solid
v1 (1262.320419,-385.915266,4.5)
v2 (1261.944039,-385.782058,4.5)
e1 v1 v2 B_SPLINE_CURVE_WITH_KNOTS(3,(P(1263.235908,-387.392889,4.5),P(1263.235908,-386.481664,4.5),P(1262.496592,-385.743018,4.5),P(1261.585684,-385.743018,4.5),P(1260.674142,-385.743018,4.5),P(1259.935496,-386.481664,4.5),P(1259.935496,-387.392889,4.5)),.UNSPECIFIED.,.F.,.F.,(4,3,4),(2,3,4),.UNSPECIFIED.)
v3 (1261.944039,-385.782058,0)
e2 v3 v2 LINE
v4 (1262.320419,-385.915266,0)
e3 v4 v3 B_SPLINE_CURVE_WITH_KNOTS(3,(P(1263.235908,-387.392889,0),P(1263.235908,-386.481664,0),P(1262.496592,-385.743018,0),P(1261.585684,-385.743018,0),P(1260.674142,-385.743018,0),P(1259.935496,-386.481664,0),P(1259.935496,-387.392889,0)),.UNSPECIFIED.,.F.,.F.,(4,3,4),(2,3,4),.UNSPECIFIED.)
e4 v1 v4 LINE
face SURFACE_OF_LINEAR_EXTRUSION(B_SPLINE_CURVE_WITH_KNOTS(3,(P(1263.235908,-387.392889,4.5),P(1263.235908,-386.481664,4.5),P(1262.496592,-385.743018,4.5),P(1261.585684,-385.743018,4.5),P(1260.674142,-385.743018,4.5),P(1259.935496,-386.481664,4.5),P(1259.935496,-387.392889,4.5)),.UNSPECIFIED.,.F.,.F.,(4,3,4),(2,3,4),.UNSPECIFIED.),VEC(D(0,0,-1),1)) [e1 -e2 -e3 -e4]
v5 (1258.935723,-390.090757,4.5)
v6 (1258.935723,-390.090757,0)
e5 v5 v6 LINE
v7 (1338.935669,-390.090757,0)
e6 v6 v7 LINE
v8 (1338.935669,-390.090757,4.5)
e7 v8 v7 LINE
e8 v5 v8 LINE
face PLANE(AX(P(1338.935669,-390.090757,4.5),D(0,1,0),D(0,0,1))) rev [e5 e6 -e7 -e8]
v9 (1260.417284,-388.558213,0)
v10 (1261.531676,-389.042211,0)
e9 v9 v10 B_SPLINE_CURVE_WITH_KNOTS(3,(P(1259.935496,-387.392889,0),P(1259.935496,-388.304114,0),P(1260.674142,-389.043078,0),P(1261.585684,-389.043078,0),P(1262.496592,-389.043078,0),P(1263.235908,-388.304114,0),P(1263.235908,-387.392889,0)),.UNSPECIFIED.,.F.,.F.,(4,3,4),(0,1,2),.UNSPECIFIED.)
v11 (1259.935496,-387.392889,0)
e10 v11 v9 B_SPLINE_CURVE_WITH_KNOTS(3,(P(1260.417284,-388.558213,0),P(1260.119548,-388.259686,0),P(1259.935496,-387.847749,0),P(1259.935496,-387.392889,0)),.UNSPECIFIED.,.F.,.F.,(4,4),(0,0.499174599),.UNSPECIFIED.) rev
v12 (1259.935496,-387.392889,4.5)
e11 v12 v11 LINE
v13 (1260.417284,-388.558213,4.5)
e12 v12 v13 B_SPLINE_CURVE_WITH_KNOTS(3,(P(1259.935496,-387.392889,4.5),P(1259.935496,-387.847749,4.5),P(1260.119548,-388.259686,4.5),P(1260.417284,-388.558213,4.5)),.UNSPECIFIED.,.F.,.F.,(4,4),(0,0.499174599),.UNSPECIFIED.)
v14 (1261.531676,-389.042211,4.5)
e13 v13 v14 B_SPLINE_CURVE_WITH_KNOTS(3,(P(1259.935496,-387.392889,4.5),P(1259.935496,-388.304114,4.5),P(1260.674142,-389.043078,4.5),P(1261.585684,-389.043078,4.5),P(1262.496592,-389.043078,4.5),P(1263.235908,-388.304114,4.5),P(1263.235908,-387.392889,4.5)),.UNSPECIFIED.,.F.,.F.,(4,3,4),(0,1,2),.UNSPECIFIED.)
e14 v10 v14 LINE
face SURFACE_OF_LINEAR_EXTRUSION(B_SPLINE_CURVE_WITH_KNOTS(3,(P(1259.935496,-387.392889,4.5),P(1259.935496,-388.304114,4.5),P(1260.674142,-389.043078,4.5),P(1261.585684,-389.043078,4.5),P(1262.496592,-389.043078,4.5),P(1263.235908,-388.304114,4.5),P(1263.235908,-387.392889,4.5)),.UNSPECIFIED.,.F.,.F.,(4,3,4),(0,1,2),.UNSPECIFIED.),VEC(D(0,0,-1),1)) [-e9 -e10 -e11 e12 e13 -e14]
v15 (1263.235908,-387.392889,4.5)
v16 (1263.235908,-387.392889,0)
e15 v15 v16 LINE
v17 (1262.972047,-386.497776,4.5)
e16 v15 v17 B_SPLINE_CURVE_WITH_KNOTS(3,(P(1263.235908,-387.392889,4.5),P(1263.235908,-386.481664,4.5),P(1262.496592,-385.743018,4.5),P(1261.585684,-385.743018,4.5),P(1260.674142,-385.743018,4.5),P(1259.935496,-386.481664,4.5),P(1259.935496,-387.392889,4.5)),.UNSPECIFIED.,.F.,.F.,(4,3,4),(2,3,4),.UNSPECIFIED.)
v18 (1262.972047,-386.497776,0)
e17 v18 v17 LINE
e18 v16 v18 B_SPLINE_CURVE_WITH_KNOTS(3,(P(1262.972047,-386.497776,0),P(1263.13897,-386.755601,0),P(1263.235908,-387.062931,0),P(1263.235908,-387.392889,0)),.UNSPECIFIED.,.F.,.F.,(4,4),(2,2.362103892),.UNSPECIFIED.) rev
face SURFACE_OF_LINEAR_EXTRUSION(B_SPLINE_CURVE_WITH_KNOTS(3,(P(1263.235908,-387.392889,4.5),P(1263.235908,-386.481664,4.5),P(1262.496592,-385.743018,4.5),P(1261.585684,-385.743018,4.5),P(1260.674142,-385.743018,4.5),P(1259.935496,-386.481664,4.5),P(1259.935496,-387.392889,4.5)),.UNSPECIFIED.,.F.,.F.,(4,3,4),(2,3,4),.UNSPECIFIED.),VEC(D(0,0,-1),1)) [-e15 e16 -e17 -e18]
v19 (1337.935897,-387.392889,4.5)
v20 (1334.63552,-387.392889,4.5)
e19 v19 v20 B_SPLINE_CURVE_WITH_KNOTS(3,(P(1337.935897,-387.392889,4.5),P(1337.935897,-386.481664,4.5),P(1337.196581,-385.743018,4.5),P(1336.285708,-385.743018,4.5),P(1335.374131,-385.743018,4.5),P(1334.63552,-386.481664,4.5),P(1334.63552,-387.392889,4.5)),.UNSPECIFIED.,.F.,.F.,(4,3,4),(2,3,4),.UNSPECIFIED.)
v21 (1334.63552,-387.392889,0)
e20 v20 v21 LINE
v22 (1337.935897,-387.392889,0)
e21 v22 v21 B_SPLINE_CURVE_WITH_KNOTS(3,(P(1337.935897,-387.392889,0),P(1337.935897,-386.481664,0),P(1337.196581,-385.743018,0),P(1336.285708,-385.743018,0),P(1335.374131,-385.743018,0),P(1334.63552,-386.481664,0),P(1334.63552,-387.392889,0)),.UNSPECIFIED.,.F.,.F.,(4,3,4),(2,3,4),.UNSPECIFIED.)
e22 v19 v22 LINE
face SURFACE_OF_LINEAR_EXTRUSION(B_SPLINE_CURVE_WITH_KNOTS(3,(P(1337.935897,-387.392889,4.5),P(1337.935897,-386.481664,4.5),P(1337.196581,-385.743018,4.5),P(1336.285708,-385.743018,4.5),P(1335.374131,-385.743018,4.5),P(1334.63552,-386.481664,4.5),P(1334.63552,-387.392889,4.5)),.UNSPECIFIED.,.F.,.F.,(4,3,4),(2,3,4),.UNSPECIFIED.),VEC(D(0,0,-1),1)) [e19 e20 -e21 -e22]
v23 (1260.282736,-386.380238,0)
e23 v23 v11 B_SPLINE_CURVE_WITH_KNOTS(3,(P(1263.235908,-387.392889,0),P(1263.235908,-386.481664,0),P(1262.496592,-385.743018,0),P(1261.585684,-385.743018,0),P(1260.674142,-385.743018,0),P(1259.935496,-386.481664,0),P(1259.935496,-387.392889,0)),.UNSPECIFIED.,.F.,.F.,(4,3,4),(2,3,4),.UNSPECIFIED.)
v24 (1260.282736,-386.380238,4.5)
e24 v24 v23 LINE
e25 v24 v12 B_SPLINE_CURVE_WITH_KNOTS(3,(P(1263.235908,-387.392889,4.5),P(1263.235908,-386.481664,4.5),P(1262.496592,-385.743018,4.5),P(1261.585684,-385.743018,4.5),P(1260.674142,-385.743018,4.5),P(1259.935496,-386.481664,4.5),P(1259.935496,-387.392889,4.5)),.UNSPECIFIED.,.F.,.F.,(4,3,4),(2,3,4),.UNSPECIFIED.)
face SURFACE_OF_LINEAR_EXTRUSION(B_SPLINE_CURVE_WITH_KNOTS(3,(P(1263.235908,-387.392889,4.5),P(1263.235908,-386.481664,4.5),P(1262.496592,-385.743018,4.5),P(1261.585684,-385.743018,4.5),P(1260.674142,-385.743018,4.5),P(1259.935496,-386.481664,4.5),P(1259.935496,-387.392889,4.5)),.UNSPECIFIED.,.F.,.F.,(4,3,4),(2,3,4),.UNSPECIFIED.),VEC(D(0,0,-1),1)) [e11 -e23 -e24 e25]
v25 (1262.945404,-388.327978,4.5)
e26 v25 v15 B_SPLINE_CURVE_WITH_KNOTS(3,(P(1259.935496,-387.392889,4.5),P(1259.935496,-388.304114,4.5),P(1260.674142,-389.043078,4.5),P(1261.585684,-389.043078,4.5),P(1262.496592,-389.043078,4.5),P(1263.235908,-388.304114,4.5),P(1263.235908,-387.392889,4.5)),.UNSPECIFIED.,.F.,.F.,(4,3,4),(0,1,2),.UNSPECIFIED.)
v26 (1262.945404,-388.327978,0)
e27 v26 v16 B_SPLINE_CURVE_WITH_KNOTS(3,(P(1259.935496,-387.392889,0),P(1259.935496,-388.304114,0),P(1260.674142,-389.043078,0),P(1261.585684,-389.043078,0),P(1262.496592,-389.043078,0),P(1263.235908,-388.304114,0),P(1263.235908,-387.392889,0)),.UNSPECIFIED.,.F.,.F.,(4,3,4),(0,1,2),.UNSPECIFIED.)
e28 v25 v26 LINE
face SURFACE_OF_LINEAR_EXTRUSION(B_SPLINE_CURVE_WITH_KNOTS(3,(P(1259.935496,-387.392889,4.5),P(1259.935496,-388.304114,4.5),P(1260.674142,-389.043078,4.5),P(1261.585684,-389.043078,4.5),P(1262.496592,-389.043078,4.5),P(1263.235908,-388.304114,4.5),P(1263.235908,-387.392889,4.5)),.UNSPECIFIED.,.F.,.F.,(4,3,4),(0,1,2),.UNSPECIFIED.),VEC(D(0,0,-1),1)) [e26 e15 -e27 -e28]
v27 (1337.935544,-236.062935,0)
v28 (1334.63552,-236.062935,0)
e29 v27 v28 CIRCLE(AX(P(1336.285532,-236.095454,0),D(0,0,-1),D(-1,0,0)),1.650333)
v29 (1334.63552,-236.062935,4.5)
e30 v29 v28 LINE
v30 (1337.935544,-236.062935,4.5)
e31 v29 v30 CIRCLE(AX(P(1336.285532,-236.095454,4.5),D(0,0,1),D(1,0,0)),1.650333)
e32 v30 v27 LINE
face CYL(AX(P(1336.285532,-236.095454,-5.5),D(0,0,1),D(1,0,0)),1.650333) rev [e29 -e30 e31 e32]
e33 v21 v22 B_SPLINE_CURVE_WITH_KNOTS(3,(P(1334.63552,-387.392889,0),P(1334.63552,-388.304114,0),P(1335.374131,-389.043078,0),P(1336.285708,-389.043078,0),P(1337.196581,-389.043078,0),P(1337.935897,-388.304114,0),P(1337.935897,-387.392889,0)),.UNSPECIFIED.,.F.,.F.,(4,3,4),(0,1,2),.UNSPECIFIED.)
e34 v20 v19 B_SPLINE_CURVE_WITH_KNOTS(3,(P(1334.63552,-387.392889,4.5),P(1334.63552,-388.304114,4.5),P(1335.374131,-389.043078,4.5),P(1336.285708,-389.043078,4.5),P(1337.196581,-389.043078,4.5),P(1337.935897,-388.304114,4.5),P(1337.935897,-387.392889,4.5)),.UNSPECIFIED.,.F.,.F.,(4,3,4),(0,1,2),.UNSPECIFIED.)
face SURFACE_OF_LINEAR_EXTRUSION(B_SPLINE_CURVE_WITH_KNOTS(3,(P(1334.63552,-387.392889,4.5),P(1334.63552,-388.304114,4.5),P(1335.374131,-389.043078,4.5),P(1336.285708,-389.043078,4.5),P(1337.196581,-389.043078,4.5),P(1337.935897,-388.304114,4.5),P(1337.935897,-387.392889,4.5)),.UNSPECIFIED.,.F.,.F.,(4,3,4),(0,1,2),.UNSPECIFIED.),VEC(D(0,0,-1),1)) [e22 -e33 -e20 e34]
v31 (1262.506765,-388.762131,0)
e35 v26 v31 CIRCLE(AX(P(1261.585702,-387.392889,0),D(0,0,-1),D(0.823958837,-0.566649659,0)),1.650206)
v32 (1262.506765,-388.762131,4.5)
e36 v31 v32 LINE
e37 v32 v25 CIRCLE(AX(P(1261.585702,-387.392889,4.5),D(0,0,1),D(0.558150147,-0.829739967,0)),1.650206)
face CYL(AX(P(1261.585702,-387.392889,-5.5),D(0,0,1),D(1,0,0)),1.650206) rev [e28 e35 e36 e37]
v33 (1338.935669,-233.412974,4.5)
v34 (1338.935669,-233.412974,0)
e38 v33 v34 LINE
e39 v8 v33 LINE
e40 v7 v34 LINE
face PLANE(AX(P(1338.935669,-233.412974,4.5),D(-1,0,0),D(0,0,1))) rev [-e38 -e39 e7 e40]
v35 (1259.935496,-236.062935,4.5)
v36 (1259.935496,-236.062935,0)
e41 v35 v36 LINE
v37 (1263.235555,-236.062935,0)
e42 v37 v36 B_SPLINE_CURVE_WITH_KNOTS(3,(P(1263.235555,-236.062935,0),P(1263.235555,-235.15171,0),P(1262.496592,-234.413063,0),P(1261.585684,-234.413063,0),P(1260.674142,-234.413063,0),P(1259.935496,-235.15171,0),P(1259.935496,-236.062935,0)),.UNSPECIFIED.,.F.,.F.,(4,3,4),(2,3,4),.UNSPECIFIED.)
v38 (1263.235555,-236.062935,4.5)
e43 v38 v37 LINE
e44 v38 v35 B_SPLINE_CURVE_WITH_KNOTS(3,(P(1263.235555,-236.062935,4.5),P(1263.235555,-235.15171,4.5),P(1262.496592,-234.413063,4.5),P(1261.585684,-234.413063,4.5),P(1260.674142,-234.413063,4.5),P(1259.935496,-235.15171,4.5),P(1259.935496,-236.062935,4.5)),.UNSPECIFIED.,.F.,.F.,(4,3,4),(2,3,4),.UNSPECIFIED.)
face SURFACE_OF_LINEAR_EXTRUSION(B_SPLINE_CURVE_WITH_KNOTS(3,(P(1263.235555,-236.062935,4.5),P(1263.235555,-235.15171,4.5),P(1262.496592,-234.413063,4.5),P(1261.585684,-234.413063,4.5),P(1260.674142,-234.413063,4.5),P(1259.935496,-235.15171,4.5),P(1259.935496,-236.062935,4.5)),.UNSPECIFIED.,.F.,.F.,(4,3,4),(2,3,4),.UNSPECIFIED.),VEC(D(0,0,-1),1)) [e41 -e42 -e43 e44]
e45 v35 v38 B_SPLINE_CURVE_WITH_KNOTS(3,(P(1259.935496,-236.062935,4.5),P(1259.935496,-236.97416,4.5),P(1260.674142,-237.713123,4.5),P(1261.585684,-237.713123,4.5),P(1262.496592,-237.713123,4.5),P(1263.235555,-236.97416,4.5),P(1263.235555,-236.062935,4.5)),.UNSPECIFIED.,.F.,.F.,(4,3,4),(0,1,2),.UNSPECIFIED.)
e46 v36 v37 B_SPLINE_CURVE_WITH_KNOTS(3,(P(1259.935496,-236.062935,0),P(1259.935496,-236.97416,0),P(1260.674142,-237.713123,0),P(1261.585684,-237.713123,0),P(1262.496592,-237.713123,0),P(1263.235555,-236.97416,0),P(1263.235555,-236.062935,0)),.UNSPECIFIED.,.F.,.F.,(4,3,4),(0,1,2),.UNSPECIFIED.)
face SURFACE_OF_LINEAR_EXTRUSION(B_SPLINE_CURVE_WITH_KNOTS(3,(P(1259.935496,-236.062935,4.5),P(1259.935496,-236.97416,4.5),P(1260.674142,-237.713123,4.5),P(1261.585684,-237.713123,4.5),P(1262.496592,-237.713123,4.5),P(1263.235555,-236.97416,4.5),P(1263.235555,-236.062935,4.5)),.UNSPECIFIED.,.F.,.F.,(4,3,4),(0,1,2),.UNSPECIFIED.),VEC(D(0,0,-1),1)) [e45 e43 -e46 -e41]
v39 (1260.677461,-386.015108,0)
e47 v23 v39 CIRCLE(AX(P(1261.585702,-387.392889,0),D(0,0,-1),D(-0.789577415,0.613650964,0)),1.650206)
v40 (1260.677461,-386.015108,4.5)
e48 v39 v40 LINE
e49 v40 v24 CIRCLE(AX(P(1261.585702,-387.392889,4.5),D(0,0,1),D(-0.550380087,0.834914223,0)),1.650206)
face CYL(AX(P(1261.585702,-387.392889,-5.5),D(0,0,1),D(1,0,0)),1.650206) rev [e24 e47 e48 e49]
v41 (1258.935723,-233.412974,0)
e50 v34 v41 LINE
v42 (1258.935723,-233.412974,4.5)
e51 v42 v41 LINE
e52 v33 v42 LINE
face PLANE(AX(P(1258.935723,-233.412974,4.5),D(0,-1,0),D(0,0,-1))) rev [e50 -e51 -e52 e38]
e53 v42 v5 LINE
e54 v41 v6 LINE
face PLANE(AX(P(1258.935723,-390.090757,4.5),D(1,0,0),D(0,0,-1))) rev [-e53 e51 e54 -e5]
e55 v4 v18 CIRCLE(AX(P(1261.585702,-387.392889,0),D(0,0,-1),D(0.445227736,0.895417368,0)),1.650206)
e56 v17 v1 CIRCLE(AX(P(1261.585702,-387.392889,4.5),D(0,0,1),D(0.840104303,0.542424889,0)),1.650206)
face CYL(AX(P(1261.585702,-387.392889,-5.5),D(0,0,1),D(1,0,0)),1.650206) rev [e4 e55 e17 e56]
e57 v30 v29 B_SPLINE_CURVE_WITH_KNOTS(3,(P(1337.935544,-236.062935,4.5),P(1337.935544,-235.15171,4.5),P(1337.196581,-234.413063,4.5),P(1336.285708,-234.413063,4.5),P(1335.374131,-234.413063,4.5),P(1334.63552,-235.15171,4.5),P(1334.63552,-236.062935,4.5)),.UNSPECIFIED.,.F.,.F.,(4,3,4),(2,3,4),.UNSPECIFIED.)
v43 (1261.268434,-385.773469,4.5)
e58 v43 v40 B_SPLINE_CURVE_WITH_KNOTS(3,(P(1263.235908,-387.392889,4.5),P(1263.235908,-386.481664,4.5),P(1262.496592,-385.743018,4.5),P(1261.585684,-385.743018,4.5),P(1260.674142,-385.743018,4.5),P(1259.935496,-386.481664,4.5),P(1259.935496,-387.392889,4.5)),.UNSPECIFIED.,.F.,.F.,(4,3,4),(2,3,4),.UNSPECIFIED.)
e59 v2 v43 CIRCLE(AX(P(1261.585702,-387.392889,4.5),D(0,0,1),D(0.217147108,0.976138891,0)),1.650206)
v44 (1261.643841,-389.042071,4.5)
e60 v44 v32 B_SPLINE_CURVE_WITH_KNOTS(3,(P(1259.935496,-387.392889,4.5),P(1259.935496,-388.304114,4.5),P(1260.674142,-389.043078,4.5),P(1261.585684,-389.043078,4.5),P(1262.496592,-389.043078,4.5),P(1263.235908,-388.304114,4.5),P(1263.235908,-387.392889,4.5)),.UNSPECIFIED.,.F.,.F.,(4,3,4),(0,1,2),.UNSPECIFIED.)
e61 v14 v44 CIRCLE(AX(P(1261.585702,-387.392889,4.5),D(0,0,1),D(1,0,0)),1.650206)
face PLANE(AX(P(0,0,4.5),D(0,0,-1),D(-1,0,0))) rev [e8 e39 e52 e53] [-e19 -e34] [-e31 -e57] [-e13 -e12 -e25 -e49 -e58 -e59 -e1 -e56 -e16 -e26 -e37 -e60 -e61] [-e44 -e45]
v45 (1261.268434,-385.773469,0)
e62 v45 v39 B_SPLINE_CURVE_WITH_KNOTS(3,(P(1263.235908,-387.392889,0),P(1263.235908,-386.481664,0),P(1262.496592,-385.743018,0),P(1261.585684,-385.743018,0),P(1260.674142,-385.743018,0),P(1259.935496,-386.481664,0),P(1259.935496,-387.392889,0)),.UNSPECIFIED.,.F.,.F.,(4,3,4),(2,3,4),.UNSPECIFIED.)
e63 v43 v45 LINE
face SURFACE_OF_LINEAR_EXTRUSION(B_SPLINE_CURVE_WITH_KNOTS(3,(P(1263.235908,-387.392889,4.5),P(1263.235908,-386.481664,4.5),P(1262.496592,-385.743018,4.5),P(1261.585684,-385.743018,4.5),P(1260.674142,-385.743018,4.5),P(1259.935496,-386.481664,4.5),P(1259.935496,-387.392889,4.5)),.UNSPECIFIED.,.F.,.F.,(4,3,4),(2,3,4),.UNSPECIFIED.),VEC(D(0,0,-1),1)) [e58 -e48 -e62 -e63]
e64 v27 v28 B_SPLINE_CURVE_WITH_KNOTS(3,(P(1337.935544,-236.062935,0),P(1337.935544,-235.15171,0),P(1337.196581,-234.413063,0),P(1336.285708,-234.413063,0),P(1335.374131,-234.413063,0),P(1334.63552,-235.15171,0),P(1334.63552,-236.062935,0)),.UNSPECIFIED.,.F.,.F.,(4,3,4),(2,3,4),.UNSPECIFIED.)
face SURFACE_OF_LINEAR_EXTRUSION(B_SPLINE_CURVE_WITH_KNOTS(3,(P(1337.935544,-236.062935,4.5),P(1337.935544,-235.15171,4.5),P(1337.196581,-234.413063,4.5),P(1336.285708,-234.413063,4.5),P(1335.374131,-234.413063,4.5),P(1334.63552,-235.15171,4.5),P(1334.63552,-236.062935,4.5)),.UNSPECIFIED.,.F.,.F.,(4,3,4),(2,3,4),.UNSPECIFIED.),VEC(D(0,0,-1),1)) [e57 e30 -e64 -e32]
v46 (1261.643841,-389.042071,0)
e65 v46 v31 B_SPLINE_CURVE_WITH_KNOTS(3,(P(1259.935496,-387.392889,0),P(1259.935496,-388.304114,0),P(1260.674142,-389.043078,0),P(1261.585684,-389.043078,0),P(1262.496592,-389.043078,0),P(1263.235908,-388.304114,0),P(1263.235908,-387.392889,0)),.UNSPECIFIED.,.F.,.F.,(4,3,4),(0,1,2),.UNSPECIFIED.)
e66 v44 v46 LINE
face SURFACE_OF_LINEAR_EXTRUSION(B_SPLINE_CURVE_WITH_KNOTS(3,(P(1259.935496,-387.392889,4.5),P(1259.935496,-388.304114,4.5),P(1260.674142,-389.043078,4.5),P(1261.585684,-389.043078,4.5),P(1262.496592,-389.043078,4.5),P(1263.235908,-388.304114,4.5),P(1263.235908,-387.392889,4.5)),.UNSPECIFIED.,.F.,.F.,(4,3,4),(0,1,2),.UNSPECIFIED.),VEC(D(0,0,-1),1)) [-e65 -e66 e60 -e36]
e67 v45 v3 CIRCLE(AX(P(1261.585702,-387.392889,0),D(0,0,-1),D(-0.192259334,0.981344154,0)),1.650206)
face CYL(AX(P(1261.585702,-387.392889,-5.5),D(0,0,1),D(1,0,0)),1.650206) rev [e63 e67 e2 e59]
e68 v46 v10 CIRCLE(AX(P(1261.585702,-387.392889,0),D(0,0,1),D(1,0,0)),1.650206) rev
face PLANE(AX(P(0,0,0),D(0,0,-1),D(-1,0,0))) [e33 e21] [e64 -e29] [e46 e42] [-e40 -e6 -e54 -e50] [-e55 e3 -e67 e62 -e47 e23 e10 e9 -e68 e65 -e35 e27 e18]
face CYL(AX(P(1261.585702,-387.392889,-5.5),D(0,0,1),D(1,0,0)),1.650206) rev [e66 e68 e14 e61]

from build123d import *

# Parameters (mm, degrees)
MODEL_W             = 79.999946
MODEL_H             = 156.677783
BOSS_EXTRUDE1_DEPTH = 4.5
SKETCH2_R           = 1.650333
SKETCH2_R_2         = 1.650206
CUT_EXTRUDE1_DEPTH  = 10


with BuildPart() as part:
    # Model → Boss-Extrude1 (new body)
    with BuildSketch(Plane.XY):
        with Locations((1298.935696, -311.751866)):
            Rectangle(MODEL_W, MODEL_H)
        with BuildLine():
            add(Edge.make_bspline(
                [(1334.63552, -236.062935), (1334.63552, -235.15171), (1335.374131, -234.413063), (1336.285708, -234.413063), (1337.196581, -234.413063), (1337.935544, -235.15171), (1337.935544, -236.062935)],
                knots=[2, 2, 2, 2, 3, 3, 3, 4, 4, 4, 4], degree=3))
            add(Edge.make_bspline(
                [(1337.935544, -236.062935), (1337.935544, -236.97416), (1337.196581, -237.713123), (1336.285708, -237.713123), (1335.374131, -237.713123), (1334.63552, -236.97416), (1334.63552, -236.062935)],
                knots=[0, 0, 0, 0, 1, 1, 1, 2, 2, 2, 2], degree=3))
        make_face(mode=Mode.SUBTRACT)
        with BuildLine():
            add(Edge.make_bspline(
                [(1259.935496, -236.062935), (1259.935496, -235.15171), (1260.674142, -234.413063), (1261.585684, -234.413063), (1262.496592, -234.413063), (1263.235555, -235.15171), (1263.235555, -236.062935)],
                knots=[2, 2, 2, 2, 3, 3, 3, 4, 4, 4, 4], degree=3))
            add(Edge.make_bspline(
                [(1263.235555, -236.062935), (1263.235555, -236.97416), (1262.496592, -237.713123), (1261.585684, -237.713123), (1260.674142, -237.713123), (1259.935496, -236.97416), (1259.935496, -236.062935)],
                knots=[0, 0, 0, 0, 1, 1, 1, 2, 2, 2, 2], degree=3))
        make_face(mode=Mode.SUBTRACT)
        with BuildLine():
            add(Edge.make_bspline(
                [(1259.935496, -387.392889), (1259.935496, -386.481664), (1260.674142, -385.743018), (1261.585684, -385.743018), (1262.496592, -385.743018), (1263.235908, -386.481664), (1263.235908, -387.392889)],
                knots=[2, 2, 2, 2, 3, 3, 3, 4, 4, 4, 4], degree=3))
            add(Edge.make_bspline(
                [(1263.235908, -387.392889), (1263.235908, -388.304114), (1262.496592, -389.043078), (1261.585684, -389.043078), (1260.674142, -389.043078), (1259.935496, -388.304114), (1259.935496, -387.392889)],
                knots=[0, 0, 0, 0, 1, 1, 1, 2, 2, 2, 2], degree=3))
        make_face(mode=Mode.SUBTRACT)
        with BuildLine():
            add(Edge.make_bspline(
                [(1334.63552, -387.392889), (1334.63552, -386.481664), (1335.374131, -385.743018), (1336.285708, -385.743018), (1337.196581, -385.743018), (1337.935897, -386.481664), (1337.935897, -387.392889)],
                knots=[2, 2, 2, 2, 3, 3, 3, 4, 4, 4, 4], degree=3))
            add(Edge.make_bspline(
                [(1337.935897, -387.392889), (1337.935897, -388.304114), (1337.196581, -389.043078), (1336.285708, -389.043078), (1335.374131, -389.043078), (1334.63552, -388.304114), (1334.63552, -387.392889)],
                knots=[0, 0, 0, 0, 1, 1, 1, 2, 2, 2, 2], degree=3))
        make_face(mode=Mode.SUBTRACT)
    extrude(amount=BOSS_EXTRUDE1_DEPTH)

    # Sketch2 → Cut-Extrude1 (cut)
    with BuildSketch(Plane.XY.offset(4.5)):
        with Locations((1336.285532, -236.095454)):
            Circle(SKETCH2_R)
        with Locations((1261.585702, -387.392889)):
            Circle(SKETCH2_R_2)
    extrude(amount=-CUT_EXTRUDE1_DEPTH, mode=Mode.SUBTRACT)


solid = part.part
